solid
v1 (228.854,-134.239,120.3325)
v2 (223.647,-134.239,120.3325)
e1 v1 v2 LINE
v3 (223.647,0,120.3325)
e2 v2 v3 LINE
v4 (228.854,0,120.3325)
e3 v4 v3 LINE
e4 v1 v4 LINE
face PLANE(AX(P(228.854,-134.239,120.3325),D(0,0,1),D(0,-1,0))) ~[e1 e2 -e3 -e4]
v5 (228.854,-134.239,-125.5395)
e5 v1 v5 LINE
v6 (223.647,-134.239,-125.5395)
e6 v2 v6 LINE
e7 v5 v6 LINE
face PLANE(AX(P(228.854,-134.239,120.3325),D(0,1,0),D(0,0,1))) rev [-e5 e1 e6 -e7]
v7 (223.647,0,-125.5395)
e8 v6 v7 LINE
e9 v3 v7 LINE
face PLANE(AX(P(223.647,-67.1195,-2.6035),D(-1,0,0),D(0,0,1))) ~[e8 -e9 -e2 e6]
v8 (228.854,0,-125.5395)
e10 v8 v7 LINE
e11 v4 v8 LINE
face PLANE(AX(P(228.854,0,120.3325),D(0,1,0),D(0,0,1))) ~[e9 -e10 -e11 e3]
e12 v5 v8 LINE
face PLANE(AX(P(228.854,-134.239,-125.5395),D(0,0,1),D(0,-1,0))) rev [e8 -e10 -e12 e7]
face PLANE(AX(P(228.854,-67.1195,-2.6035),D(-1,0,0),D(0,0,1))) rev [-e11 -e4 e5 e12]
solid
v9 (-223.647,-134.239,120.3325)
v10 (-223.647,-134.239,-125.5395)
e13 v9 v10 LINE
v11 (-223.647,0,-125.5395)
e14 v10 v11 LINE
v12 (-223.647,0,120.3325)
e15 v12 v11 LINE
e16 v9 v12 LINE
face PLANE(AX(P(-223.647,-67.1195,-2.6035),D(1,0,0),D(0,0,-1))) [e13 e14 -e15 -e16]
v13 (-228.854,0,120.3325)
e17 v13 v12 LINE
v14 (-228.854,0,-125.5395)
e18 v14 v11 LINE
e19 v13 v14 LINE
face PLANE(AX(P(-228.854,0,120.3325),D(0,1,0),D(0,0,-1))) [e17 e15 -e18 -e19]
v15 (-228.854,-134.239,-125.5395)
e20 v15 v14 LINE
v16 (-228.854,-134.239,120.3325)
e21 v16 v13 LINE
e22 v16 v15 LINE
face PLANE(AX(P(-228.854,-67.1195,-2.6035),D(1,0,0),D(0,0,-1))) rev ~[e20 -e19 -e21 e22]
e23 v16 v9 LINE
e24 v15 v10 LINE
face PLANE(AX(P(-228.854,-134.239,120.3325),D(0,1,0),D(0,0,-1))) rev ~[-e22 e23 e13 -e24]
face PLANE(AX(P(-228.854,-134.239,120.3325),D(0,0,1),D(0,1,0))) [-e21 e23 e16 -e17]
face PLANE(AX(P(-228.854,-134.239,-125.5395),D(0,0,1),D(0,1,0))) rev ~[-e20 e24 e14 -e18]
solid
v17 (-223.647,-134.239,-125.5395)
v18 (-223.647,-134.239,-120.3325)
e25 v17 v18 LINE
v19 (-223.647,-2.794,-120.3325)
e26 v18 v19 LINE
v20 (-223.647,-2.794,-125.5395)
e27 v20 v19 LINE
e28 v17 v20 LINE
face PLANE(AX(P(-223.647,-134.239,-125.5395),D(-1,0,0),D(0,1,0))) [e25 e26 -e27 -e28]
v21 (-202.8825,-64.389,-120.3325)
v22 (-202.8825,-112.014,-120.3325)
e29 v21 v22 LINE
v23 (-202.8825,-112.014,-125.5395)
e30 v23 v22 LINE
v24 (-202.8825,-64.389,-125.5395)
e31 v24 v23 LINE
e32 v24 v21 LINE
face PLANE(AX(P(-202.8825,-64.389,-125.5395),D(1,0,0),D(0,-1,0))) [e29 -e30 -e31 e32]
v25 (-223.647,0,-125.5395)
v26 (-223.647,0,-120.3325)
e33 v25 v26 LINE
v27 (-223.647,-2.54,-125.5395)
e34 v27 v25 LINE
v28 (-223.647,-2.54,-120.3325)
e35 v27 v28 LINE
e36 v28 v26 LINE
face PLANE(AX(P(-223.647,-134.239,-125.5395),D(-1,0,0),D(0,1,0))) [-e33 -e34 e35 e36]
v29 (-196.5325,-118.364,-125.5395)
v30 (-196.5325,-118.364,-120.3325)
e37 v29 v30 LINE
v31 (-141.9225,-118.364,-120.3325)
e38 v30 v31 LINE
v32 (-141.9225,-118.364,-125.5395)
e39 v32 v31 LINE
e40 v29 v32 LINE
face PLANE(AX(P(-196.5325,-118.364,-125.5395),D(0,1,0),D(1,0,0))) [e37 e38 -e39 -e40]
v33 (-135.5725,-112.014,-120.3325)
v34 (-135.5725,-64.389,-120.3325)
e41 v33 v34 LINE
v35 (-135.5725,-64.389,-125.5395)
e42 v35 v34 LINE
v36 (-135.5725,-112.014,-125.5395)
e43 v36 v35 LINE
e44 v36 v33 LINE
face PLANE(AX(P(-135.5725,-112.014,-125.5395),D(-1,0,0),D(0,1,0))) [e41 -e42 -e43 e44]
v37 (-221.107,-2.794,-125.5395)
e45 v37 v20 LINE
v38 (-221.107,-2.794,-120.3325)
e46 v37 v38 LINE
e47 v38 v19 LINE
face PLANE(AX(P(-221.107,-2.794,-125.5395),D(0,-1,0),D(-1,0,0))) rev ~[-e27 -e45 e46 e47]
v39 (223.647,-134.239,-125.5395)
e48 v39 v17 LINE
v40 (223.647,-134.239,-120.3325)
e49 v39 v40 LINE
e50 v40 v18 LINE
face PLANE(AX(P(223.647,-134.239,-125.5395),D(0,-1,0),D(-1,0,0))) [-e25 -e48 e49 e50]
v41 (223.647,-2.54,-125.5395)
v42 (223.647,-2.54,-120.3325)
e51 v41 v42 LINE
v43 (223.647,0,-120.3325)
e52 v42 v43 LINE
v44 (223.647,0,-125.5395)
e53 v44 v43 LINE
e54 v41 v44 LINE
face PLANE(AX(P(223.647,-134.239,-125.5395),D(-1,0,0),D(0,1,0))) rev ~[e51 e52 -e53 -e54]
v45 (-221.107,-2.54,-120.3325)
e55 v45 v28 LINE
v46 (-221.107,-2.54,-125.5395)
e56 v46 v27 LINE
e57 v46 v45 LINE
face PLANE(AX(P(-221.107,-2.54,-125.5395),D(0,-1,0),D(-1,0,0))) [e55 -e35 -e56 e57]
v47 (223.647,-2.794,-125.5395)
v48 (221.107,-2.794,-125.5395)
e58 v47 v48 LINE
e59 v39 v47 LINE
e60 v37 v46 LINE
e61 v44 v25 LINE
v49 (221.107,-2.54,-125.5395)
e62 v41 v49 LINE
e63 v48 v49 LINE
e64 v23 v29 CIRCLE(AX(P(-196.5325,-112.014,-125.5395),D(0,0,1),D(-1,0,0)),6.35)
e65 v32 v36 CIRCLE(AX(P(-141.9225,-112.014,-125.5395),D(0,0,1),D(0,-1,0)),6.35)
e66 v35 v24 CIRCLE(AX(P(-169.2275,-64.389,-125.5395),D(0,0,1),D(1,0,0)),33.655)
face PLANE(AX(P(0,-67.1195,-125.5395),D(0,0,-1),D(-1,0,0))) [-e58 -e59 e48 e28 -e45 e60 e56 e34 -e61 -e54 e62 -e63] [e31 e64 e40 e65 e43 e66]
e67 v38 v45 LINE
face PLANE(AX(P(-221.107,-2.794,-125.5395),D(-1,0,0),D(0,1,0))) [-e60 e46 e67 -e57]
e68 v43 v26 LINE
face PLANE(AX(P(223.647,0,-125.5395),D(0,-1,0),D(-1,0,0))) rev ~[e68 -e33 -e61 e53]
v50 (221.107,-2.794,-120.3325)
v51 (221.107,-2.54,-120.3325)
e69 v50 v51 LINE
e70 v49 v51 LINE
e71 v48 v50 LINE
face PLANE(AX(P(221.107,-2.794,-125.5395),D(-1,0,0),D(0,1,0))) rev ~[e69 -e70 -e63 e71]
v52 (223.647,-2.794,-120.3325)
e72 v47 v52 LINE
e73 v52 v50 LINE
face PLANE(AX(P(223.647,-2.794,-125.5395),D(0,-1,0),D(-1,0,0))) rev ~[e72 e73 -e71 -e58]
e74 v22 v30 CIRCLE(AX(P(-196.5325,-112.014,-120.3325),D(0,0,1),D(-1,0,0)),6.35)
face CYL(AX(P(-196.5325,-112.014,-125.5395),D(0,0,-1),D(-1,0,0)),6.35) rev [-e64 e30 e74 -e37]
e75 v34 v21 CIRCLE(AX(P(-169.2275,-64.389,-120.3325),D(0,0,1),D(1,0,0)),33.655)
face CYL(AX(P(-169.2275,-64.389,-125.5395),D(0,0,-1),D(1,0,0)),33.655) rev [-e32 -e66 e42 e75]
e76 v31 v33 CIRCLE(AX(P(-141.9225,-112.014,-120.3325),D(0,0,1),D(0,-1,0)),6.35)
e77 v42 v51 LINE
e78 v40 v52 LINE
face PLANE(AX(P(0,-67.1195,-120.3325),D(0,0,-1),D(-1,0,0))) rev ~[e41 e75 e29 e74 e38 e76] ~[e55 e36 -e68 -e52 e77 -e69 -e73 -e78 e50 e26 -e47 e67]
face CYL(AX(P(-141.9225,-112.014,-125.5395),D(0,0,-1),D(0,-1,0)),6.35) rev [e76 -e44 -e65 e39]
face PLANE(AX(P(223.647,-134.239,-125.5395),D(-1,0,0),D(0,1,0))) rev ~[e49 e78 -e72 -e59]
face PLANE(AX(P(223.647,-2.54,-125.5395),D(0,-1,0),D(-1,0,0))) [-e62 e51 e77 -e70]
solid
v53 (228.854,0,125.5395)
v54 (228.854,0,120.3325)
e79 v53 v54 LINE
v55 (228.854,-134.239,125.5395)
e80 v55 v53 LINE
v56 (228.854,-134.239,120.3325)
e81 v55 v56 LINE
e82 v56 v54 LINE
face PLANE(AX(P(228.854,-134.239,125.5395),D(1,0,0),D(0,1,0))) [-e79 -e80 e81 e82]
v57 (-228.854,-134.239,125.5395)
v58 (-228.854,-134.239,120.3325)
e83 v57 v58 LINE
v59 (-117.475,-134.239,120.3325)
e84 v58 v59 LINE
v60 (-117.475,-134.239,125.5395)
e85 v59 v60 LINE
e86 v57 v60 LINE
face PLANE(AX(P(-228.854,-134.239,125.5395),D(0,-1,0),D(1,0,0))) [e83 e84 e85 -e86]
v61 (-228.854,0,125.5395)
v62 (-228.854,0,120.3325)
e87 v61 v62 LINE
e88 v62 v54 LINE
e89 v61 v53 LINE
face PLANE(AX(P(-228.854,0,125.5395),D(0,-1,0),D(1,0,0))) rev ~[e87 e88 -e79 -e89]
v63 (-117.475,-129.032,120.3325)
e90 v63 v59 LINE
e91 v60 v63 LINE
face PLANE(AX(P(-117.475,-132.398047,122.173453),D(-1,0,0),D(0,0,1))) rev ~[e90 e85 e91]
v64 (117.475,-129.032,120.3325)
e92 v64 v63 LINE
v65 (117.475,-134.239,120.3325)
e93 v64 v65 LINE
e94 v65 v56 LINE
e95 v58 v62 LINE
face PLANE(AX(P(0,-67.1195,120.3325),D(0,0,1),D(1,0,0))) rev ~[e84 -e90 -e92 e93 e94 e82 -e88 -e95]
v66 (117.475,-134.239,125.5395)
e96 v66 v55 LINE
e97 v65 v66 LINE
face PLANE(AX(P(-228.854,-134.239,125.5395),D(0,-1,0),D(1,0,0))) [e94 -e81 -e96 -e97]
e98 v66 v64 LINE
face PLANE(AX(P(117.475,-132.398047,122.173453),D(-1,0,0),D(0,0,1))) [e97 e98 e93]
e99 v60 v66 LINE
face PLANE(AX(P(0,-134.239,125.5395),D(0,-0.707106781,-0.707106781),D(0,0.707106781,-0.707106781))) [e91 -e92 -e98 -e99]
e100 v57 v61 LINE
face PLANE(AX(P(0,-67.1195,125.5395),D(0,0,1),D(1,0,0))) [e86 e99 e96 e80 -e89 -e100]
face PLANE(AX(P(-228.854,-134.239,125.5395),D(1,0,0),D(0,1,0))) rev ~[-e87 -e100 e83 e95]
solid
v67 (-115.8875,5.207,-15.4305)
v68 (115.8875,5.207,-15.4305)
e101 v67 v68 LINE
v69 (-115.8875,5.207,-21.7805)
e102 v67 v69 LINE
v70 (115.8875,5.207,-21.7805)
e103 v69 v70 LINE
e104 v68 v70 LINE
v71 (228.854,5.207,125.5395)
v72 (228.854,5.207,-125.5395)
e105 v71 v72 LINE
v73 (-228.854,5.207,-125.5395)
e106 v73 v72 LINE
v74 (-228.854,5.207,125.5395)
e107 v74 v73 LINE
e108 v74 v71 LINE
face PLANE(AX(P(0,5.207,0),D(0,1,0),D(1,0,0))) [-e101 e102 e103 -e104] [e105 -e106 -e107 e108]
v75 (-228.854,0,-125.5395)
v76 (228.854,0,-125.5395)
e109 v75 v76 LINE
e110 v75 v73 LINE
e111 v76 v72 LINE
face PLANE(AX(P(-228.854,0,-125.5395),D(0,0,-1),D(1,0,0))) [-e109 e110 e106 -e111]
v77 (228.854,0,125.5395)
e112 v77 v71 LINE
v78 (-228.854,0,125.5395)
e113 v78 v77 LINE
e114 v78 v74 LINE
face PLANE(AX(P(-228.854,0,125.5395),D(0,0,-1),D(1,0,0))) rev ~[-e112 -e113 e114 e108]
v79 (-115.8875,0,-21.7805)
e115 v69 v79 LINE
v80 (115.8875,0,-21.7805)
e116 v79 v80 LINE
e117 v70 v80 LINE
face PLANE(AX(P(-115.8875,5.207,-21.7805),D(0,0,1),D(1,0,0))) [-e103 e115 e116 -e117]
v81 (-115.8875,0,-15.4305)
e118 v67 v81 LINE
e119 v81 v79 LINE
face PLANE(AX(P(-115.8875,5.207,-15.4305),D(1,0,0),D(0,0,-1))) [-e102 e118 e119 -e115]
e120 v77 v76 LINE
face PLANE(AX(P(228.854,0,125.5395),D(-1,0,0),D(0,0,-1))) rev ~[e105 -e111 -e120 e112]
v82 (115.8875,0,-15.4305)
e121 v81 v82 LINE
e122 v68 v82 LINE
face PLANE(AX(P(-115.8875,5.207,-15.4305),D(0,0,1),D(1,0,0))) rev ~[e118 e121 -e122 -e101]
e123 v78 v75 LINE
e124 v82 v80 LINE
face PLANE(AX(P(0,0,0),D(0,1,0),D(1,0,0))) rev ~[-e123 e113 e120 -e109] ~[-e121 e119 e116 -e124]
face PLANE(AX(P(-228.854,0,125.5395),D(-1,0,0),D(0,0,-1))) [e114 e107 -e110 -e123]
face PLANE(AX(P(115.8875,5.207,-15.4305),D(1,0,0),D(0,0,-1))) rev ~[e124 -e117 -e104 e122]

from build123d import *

# Parameters (mm, degrees)
SKETCH1_W           = 457.708
SKETCH1_H           = 251.079
BOSS_EXTRUDE1_DEPTH = 5.207
SKETCH2_W           = 457.708
SKETCH2_H           = 134.239
BOSS_EXTRUDE2_DEPTH = 5.207
CUT_EXTRUDE1_DEPTH  = 117.475
SKETCH3_W           = 245.872
SKETCH3_H           = 134.239
BOSS_EXTRUDE5_DEPTH = 5.207
SKETCH5_W           = 231.775
SKETCH5_H           = 6.35
CUT_EXTRUDE2_DEPTH  = 140.446
SKETCH6_W           = 447.294
SKETCH6_H           = 134.239
BOSS_EXTRUDE6_DEPTH = 5.207
SKETCH7_W           = 2.54
SKETCH7_H           = 0.254
CUT_EXTRUDE3_DEPTH  = 5.207


with BuildPart() as part:
    # Sketch1 → Boss-Extrude1 (new body)
    with BuildSketch(Plane(origin=(0, 0, 0), x_dir=(1, 0, 0), z_dir=(0, 1, 0))):
        Rectangle(SKETCH1_W, SKETCH1_H)
    extrude(amount=BOSS_EXTRUDE1_DEPTH)

    # Sketch5 → Cut-Extrude2 (cut, through all)
    with BuildSketch(Plane(origin=(0, 5.207, 0), x_dir=(1, 0, 0), z_dir=(0, 1, 0))):
        with Locations((0, 18.6055)):
            Rectangle(SKETCH5_W, SKETCH5_H)
    extrude(amount=-CUT_EXTRUDE2_DEPTH, mode=Mode.SUBTRACT)


with BuildPart() as body_2:
    # Sketch2 → Boss-Extrude2 (new body)
    with BuildSketch(Plane.XY.offset(125.5395)):
        with Locations((0, -67.1195)):
            Rectangle(SKETCH2_W, SKETCH2_H)
    extrude(amount=-BOSS_EXTRUDE2_DEPTH)

    # Sketch4 → Cut-Extrude1 (cut, symmetric)
    with BuildSketch(Plane(origin=(0, 0, 0), x_dir=(0, 0, -1), z_dir=(1, 0, 0))):
        Polygon((-125.5395, -134.239), (-120.3325, -129.032), (-120.3325, -134.239), align=None)
    extrude(amount=CUT_EXTRUDE1_DEPTH, both=True, mode=Mode.SUBTRACT)


with BuildPart() as body_3:
    # Sketch3 → Boss-Extrude5 (new body)
    with BuildSketch(Plane(origin=(-228.854, 0, 0), x_dir=(0, 0, -1), z_dir=(1, 0, 0))):
        with Locations((2.6035, -67.1195)):
            Rectangle(SKETCH3_W, SKETCH3_H)
    extrude(amount=BOSS_EXTRUDE5_DEPTH)


with BuildPart() as body_4:
    # Mirror1: mirrored copy
    add(body_3.part.mirror(Plane(origin=(0, 0, 0), x_dir=(0, 0, 1), z_dir=(1, 0, 0))))


with BuildPart() as body_5:
    # Sketch6 → Boss-Extrude6 (new body)
    with BuildSketch(Plane(origin=(0, 0, -125.5395), x_dir=(-1, 0, 0), z_dir=(0, 0, -1))):
        with Locations((0, -67.1195)):
            Rectangle(SKETCH6_W, SKETCH6_H)
        with BuildLine():
            Line((202.8825, -64.389), (202.8825, -112.014))
            ThreePointArc((202.8825, -112.014), (201.022628061, -116.504128061), (196.5325, -118.364))
            Line((196.5325, -118.364), (141.9225, -118.364))
            ThreePointArc((141.9225, -118.364), (137.432371939, -116.504128061), (135.5725, -112.014))
            Line((135.5725, -112.014), (135.5725, -64.389))
            ThreePointArc((135.5725, -64.389), (169.2275, -30.734), (202.8825, -64.389))
        make_face(mode=Mode.SUBTRACT)
    extrude(amount=-BOSS_EXTRUDE6_DEPTH)

    # Sketch7 → Cut-Extrude3 (cut)
    with BuildSketch(Plane(origin=(0, 0, -125.5395), x_dir=(-1, 0, 0), z_dir=(0, 0, -1))):
        with Locations((222.377, -2.667)):
            Rectangle(SKETCH7_W, SKETCH7_H)
        with Locations((-222.377, -2.667)):
            Rectangle(SKETCH7_W, SKETCH7_H)
    extrude(amount=-CUT_EXTRUDE3_DEPTH, mode=Mode.SUBTRACT)


solid = Compound([part.part, body_2.part, body_3.part, body_4.part, body_5.part])
